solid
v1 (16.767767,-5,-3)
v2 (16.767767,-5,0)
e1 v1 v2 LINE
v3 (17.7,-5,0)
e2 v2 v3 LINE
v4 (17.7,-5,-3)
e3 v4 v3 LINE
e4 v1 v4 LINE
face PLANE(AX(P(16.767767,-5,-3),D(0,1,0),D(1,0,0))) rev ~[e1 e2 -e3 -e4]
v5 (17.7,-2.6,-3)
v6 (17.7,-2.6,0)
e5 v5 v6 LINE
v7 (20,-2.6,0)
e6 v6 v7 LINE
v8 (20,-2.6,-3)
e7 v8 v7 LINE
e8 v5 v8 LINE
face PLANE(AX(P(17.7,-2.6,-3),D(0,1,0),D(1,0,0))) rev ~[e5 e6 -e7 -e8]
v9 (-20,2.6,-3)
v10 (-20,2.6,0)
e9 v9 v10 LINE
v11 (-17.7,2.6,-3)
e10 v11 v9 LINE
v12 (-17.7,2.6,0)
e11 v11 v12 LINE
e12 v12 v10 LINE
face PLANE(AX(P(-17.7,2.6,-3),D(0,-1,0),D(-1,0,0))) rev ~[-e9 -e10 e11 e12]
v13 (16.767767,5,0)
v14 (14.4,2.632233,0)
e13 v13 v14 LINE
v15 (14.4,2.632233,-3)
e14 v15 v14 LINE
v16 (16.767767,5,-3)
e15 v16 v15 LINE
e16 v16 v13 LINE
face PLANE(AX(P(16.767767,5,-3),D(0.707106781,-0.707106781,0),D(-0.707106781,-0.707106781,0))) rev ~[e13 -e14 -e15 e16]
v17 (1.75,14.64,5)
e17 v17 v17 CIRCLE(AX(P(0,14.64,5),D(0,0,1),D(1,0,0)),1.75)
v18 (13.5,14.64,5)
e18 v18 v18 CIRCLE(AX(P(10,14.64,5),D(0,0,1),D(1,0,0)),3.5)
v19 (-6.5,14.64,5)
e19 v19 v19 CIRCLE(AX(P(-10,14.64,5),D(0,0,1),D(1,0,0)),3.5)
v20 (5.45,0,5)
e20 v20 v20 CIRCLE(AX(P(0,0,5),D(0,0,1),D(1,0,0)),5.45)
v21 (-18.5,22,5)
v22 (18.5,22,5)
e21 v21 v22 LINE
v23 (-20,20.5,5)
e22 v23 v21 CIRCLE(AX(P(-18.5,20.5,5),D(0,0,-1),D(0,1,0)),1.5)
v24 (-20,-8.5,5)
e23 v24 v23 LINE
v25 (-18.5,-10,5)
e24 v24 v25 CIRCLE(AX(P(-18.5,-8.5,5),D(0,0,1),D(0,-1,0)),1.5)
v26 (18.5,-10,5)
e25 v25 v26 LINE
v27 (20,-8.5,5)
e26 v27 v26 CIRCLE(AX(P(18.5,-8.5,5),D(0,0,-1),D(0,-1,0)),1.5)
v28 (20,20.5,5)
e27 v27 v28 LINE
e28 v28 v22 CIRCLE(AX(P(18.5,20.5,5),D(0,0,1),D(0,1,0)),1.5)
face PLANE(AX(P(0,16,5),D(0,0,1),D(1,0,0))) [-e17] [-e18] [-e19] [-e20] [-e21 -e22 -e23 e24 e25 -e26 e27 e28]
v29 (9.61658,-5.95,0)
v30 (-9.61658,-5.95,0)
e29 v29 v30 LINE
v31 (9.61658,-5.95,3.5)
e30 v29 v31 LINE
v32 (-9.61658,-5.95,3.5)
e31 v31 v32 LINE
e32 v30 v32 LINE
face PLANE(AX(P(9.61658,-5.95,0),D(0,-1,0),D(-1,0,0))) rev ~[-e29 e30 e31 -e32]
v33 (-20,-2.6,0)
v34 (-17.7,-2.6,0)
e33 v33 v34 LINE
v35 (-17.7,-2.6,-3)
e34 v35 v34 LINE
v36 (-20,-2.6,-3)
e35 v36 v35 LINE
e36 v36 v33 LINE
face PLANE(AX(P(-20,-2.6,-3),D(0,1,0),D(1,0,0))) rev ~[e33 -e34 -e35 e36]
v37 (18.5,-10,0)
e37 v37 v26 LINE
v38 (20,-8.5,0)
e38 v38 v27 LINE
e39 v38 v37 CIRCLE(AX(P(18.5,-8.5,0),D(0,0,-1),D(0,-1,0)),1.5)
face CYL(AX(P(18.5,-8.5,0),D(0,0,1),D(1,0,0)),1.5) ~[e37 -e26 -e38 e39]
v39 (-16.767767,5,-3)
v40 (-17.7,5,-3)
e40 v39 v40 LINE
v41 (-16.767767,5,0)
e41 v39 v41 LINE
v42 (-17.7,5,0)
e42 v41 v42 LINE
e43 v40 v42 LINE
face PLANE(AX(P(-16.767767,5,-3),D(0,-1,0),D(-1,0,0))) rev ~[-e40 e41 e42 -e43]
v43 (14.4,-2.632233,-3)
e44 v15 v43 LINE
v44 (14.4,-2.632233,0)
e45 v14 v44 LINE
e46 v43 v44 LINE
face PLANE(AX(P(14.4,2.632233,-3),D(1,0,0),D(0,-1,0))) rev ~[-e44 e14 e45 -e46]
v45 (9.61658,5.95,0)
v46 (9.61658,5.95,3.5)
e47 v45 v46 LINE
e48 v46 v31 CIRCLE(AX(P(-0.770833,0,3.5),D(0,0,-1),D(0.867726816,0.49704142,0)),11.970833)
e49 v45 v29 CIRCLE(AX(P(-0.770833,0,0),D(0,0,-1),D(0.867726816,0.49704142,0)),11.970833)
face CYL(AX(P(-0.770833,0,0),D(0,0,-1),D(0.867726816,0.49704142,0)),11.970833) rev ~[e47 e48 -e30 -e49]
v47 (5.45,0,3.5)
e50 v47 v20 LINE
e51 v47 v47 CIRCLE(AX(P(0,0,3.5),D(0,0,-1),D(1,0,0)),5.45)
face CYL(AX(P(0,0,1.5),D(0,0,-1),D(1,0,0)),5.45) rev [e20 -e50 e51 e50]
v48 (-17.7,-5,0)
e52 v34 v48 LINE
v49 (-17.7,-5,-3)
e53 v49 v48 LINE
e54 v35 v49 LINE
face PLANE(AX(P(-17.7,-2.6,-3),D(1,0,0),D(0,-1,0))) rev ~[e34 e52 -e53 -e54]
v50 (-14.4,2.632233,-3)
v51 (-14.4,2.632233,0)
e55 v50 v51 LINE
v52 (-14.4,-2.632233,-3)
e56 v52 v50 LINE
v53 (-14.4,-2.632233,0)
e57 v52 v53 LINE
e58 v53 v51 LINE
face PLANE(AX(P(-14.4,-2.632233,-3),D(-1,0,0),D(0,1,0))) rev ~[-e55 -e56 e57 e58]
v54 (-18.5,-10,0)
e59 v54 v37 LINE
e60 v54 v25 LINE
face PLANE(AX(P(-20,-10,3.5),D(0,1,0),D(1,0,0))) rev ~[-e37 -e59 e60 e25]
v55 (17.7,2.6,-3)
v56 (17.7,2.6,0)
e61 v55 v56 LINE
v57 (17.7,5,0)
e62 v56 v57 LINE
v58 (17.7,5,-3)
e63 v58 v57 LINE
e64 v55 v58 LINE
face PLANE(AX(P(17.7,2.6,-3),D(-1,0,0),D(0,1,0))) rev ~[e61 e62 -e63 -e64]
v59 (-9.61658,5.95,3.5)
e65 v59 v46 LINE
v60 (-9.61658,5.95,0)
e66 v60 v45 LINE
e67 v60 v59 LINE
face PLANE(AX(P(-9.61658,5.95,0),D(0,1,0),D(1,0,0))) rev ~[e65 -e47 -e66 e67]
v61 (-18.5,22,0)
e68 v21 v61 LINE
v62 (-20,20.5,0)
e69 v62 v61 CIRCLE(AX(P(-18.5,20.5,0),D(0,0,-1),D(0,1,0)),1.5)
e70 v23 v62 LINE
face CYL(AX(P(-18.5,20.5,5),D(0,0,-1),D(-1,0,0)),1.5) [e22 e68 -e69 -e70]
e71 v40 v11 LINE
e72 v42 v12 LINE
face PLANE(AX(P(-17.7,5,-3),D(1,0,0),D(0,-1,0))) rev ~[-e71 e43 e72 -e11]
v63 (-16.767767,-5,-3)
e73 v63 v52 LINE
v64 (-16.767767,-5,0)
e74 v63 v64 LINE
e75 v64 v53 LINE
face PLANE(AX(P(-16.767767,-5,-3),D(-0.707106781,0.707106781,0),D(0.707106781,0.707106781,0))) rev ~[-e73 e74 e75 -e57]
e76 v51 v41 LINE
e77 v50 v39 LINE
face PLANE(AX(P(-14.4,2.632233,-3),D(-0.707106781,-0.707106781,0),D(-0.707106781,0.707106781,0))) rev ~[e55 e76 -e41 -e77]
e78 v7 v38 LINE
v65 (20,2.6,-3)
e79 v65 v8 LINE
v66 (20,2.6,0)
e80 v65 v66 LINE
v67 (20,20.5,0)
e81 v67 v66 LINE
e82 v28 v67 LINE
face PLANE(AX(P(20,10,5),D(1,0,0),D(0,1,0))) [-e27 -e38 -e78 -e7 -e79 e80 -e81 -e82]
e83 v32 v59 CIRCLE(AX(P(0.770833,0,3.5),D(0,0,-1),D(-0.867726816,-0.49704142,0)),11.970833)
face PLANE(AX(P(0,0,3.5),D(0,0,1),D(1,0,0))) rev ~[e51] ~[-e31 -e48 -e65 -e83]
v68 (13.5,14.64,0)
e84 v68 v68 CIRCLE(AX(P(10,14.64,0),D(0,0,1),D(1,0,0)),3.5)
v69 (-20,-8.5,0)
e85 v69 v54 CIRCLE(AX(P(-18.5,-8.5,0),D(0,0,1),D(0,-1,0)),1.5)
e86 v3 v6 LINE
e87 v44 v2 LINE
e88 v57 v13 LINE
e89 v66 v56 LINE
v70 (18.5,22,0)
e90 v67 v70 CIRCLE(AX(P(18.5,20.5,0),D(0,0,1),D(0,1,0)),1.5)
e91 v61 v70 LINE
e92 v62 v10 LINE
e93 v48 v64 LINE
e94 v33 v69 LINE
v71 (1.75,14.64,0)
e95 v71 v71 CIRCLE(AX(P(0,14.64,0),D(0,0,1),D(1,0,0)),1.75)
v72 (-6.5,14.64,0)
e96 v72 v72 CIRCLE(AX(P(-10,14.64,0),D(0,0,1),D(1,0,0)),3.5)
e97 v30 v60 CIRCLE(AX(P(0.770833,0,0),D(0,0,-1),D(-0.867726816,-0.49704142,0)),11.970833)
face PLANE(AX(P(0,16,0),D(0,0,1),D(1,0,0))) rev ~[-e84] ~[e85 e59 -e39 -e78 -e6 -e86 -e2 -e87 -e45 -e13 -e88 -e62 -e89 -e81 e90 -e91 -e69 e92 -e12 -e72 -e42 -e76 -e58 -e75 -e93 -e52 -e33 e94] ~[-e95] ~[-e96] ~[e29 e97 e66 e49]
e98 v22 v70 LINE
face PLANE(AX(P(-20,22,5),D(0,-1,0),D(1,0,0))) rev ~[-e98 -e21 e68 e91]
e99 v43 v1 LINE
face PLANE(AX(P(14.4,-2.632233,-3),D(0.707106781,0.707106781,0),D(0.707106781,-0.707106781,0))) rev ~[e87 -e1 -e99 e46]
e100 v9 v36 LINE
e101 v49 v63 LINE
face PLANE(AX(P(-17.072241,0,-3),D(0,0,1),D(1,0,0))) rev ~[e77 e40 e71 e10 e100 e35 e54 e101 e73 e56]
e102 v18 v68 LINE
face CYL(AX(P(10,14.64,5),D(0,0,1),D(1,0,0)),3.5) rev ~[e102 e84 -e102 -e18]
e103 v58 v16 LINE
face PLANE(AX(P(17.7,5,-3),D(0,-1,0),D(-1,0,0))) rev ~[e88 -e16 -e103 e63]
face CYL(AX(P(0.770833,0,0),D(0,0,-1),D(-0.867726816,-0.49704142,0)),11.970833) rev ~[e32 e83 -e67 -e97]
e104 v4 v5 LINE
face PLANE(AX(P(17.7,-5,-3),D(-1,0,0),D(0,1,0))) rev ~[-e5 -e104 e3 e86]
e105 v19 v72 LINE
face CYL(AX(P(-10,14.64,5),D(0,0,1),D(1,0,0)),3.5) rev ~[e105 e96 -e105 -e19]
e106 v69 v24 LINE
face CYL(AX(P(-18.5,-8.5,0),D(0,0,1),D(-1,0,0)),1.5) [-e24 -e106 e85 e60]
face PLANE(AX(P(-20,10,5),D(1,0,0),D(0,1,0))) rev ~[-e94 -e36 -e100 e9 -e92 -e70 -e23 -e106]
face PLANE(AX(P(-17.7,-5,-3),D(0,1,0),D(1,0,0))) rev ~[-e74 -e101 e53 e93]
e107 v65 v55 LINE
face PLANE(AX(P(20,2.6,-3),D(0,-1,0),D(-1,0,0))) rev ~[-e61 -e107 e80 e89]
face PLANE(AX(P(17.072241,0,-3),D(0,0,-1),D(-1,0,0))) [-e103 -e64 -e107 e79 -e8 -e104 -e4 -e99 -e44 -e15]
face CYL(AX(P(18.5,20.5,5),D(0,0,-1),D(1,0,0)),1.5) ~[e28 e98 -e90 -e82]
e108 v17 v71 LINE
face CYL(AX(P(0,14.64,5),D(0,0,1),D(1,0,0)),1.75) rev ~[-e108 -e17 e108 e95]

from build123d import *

# Parameters (mm, degrees)
SKETCH_1_W          = 40
SKETCH_1_H          = 20
EXTRUDE_1_DEPTH     = 3.5
SKETCH_2_W          = 40
SKETCH_2_H          = 20
SKETCH_2_R          = 5.25
EXTRUDE_2_DEPTH     = 1.5
EXTRUDE_3_DEPTH     = 8
SKETCH_4_W          = 40
SKETCH_4_H          = 12
SKETCH_4_R          = 3.5
EXTRUDE_4_DEPTH     = 5
FILLET_1_R          = 1.5
SKETCH_5_R          = 1.75
CUT_EXTRUDE_1_DEPTH = 5
CUT_EXTRUDE_2_DEPTH = 3
CUT_EXTRUDE_3_DEPTH = 3.5
CUT_EXTRUDE_START   = -3.5
SKETCH_8_R          = 5.45
SKETCH_8_R_2        = 5.25
CUT_EXTRUDE_4_DEPTH = 3.5


with BuildPart() as part:
    # 草图1 → 凸台-拉伸1 (new body)
    with BuildSketch(Plane.XY):
        Rectangle(SKETCH_1_W, SKETCH_1_H)
        with BuildLine():
            Line((-9.5, -5.75), (9.5, -5.75))
            ThreePointArc((9.5, -5.75), (11, 0), (9.5, 5.75))
            Line((9.5, 5.75), (-9.5, 5.75))
            ThreePointArc((-9.5, 5.75), (-11, 0), (-9.5, -5.75))
        make_face(mode=Mode.SUBTRACT)
    extrude(amount=EXTRUDE_1_DEPTH)

    # 草图2 → 凸台-拉伸2 (add)
    with BuildSketch(Plane.XY.offset(3.5)):
        Rectangle(SKETCH_2_W, SKETCH_2_H)
        Circle(SKETCH_2_R, mode=Mode.SUBTRACT)
    extrude(amount=EXTRUDE_2_DEPTH)

    # 草图3 → 凸台-拉伸3 (add)
    with BuildSketch(Plane.XY.offset(5)):
        Polygon((-16.560660172, 5.5), (-18.2, 5.5), (-18.2, 3.1), (-20, 3.1), (-20, -3.1), (-18.2, -3.1), (-18.2, -5.5), (-16.560660172, -5.5), (-13.9, -2.839339828), (-13.9, 2.839339828), align=None)
        Polygon((18.2, 3.1), (20, 3.1), (20, -3.1), (18.2, -3.1), (18.2, -5.5), (16.560660172, -5.5), (13.9, -2.839339828), (13.9, 2.839339828), (16.560660172, 5.5), (18.2, 5.5), align=None)
    extrude(amount=-EXTRUDE_3_DEPTH)

    # 草图4 → 凸台-拉伸4 (add)
    with BuildSketch(Plane.XY.offset(5)):
        with Locations((0, 16)):
            Rectangle(SKETCH_4_W, SKETCH_4_H)
        with Locations((-10, 14.64)):
            Circle(SKETCH_4_R, mode=Mode.SUBTRACT)
        with Locations((10, 14.64)):
            Circle(SKETCH_4_R, mode=Mode.SUBTRACT)
    extrude(amount=-EXTRUDE_4_DEPTH)

    # 圆角1
    fillet_1_edges = [part.edges().sort_by_distance(p)[0] for p in [
        (20, 22, 2.5),
        (-20, 22, 2.5),
        (20, -10, 2.5),
        (-20, -10, 2.5),
    ]]
    fillet(fillet_1_edges, radius=FILLET_1_R)

    # 草图5 → 切除-拉伸1 (cut)
    with BuildSketch(Plane.XY.offset(5)):
        with Locations((0, 14.64)):
            Circle(SKETCH_5_R)
    extrude(amount=-CUT_EXTRUDE_1_DEPTH, mode=Mode.SUBTRACT)

    # 草图6 → 切除-拉伸2 (cut)
    with BuildSketch(Plane(origin=(0, 0, -3), x_dir=(-1, 0, 0), z_dir=(0, 0, -1))):
        Polygon((-18.2, 5.5), (-18.2, 3.1), (-20, 3.1), (-20, 2.6), (-19.5, 2.6), (-17.7, 2.6), (-17.7, 5), (-16.767766953, 5), (-14.4, 2.632233047), (-14.4, -2.632233047), (-16.767766953, -5), (-17.7, -5), (-17.7, -2.6), (-19.5, -2.6), (-20, -2.6), (-20, -3.1), (-18.2, -3.1), (-18.2, -5.5), (-16.560660172, -5.5), (-13.9, -2.839339828), (-13.9, 2.839339828), (-16.560660172, 5.5), align=None)
        Polygon((18.2, -5.5), (18.2, -3.1), (20, -3.1), (20, -2.6), (19.5, -2.6), (17.7, -2.6), (17.7, -5), (16.767766953, -5), (14.4, -2.632233047), (14.4, 2.632233047), (16.767766953, 5), (17.7, 5), (17.7, 2.6), (19.5, 2.6), (20, 2.6), (20, 3.1), (18.2, 3.1), (18.2, 5.5), (16.560660172, 5.5), (13.9, 2.839339828), (13.9, -2.839339828), (16.560660172, -5.5), align=None)
    extrude(amount=-CUT_EXTRUDE_2_DEPTH, mode=Mode.SUBTRACT)

    # 草图7 → 切除-拉伸3 (cut)
    with BuildSketch(Plane(origin=(0, 0, 0), x_dir=(-1, 0, 0), z_dir=(0, 0, -1))):
        with BuildLine():
            Line((9.616579756, 5.95), (-9.616579756, 5.95))
            ThreePointArc((-9.616579756, 5.95), (-11.2, 0), (-9.616579756, -5.95))
            Line((-9.616579756, -5.95), (9.616579756, -5.95))
            ThreePointArc((9.616579756, -5.95), (11.2, 0), (9.616579756, 5.95))
        make_face()
    extrude(amount=-CUT_EXTRUDE_3_DEPTH, mode=Mode.SUBTRACT)

    # 草图8 → 切除-拉伸4 (cut)
    with BuildSketch(Plane.XY.offset(5).offset(CUT_EXTRUDE_START)):
        Circle(SKETCH_8_R)
        Circle(SKETCH_8_R_2, mode=Mode.SUBTRACT)
    extrude(amount=CUT_EXTRUDE_4_DEPTH, mode=Mode.SUBTRACT)


solid = part.part
